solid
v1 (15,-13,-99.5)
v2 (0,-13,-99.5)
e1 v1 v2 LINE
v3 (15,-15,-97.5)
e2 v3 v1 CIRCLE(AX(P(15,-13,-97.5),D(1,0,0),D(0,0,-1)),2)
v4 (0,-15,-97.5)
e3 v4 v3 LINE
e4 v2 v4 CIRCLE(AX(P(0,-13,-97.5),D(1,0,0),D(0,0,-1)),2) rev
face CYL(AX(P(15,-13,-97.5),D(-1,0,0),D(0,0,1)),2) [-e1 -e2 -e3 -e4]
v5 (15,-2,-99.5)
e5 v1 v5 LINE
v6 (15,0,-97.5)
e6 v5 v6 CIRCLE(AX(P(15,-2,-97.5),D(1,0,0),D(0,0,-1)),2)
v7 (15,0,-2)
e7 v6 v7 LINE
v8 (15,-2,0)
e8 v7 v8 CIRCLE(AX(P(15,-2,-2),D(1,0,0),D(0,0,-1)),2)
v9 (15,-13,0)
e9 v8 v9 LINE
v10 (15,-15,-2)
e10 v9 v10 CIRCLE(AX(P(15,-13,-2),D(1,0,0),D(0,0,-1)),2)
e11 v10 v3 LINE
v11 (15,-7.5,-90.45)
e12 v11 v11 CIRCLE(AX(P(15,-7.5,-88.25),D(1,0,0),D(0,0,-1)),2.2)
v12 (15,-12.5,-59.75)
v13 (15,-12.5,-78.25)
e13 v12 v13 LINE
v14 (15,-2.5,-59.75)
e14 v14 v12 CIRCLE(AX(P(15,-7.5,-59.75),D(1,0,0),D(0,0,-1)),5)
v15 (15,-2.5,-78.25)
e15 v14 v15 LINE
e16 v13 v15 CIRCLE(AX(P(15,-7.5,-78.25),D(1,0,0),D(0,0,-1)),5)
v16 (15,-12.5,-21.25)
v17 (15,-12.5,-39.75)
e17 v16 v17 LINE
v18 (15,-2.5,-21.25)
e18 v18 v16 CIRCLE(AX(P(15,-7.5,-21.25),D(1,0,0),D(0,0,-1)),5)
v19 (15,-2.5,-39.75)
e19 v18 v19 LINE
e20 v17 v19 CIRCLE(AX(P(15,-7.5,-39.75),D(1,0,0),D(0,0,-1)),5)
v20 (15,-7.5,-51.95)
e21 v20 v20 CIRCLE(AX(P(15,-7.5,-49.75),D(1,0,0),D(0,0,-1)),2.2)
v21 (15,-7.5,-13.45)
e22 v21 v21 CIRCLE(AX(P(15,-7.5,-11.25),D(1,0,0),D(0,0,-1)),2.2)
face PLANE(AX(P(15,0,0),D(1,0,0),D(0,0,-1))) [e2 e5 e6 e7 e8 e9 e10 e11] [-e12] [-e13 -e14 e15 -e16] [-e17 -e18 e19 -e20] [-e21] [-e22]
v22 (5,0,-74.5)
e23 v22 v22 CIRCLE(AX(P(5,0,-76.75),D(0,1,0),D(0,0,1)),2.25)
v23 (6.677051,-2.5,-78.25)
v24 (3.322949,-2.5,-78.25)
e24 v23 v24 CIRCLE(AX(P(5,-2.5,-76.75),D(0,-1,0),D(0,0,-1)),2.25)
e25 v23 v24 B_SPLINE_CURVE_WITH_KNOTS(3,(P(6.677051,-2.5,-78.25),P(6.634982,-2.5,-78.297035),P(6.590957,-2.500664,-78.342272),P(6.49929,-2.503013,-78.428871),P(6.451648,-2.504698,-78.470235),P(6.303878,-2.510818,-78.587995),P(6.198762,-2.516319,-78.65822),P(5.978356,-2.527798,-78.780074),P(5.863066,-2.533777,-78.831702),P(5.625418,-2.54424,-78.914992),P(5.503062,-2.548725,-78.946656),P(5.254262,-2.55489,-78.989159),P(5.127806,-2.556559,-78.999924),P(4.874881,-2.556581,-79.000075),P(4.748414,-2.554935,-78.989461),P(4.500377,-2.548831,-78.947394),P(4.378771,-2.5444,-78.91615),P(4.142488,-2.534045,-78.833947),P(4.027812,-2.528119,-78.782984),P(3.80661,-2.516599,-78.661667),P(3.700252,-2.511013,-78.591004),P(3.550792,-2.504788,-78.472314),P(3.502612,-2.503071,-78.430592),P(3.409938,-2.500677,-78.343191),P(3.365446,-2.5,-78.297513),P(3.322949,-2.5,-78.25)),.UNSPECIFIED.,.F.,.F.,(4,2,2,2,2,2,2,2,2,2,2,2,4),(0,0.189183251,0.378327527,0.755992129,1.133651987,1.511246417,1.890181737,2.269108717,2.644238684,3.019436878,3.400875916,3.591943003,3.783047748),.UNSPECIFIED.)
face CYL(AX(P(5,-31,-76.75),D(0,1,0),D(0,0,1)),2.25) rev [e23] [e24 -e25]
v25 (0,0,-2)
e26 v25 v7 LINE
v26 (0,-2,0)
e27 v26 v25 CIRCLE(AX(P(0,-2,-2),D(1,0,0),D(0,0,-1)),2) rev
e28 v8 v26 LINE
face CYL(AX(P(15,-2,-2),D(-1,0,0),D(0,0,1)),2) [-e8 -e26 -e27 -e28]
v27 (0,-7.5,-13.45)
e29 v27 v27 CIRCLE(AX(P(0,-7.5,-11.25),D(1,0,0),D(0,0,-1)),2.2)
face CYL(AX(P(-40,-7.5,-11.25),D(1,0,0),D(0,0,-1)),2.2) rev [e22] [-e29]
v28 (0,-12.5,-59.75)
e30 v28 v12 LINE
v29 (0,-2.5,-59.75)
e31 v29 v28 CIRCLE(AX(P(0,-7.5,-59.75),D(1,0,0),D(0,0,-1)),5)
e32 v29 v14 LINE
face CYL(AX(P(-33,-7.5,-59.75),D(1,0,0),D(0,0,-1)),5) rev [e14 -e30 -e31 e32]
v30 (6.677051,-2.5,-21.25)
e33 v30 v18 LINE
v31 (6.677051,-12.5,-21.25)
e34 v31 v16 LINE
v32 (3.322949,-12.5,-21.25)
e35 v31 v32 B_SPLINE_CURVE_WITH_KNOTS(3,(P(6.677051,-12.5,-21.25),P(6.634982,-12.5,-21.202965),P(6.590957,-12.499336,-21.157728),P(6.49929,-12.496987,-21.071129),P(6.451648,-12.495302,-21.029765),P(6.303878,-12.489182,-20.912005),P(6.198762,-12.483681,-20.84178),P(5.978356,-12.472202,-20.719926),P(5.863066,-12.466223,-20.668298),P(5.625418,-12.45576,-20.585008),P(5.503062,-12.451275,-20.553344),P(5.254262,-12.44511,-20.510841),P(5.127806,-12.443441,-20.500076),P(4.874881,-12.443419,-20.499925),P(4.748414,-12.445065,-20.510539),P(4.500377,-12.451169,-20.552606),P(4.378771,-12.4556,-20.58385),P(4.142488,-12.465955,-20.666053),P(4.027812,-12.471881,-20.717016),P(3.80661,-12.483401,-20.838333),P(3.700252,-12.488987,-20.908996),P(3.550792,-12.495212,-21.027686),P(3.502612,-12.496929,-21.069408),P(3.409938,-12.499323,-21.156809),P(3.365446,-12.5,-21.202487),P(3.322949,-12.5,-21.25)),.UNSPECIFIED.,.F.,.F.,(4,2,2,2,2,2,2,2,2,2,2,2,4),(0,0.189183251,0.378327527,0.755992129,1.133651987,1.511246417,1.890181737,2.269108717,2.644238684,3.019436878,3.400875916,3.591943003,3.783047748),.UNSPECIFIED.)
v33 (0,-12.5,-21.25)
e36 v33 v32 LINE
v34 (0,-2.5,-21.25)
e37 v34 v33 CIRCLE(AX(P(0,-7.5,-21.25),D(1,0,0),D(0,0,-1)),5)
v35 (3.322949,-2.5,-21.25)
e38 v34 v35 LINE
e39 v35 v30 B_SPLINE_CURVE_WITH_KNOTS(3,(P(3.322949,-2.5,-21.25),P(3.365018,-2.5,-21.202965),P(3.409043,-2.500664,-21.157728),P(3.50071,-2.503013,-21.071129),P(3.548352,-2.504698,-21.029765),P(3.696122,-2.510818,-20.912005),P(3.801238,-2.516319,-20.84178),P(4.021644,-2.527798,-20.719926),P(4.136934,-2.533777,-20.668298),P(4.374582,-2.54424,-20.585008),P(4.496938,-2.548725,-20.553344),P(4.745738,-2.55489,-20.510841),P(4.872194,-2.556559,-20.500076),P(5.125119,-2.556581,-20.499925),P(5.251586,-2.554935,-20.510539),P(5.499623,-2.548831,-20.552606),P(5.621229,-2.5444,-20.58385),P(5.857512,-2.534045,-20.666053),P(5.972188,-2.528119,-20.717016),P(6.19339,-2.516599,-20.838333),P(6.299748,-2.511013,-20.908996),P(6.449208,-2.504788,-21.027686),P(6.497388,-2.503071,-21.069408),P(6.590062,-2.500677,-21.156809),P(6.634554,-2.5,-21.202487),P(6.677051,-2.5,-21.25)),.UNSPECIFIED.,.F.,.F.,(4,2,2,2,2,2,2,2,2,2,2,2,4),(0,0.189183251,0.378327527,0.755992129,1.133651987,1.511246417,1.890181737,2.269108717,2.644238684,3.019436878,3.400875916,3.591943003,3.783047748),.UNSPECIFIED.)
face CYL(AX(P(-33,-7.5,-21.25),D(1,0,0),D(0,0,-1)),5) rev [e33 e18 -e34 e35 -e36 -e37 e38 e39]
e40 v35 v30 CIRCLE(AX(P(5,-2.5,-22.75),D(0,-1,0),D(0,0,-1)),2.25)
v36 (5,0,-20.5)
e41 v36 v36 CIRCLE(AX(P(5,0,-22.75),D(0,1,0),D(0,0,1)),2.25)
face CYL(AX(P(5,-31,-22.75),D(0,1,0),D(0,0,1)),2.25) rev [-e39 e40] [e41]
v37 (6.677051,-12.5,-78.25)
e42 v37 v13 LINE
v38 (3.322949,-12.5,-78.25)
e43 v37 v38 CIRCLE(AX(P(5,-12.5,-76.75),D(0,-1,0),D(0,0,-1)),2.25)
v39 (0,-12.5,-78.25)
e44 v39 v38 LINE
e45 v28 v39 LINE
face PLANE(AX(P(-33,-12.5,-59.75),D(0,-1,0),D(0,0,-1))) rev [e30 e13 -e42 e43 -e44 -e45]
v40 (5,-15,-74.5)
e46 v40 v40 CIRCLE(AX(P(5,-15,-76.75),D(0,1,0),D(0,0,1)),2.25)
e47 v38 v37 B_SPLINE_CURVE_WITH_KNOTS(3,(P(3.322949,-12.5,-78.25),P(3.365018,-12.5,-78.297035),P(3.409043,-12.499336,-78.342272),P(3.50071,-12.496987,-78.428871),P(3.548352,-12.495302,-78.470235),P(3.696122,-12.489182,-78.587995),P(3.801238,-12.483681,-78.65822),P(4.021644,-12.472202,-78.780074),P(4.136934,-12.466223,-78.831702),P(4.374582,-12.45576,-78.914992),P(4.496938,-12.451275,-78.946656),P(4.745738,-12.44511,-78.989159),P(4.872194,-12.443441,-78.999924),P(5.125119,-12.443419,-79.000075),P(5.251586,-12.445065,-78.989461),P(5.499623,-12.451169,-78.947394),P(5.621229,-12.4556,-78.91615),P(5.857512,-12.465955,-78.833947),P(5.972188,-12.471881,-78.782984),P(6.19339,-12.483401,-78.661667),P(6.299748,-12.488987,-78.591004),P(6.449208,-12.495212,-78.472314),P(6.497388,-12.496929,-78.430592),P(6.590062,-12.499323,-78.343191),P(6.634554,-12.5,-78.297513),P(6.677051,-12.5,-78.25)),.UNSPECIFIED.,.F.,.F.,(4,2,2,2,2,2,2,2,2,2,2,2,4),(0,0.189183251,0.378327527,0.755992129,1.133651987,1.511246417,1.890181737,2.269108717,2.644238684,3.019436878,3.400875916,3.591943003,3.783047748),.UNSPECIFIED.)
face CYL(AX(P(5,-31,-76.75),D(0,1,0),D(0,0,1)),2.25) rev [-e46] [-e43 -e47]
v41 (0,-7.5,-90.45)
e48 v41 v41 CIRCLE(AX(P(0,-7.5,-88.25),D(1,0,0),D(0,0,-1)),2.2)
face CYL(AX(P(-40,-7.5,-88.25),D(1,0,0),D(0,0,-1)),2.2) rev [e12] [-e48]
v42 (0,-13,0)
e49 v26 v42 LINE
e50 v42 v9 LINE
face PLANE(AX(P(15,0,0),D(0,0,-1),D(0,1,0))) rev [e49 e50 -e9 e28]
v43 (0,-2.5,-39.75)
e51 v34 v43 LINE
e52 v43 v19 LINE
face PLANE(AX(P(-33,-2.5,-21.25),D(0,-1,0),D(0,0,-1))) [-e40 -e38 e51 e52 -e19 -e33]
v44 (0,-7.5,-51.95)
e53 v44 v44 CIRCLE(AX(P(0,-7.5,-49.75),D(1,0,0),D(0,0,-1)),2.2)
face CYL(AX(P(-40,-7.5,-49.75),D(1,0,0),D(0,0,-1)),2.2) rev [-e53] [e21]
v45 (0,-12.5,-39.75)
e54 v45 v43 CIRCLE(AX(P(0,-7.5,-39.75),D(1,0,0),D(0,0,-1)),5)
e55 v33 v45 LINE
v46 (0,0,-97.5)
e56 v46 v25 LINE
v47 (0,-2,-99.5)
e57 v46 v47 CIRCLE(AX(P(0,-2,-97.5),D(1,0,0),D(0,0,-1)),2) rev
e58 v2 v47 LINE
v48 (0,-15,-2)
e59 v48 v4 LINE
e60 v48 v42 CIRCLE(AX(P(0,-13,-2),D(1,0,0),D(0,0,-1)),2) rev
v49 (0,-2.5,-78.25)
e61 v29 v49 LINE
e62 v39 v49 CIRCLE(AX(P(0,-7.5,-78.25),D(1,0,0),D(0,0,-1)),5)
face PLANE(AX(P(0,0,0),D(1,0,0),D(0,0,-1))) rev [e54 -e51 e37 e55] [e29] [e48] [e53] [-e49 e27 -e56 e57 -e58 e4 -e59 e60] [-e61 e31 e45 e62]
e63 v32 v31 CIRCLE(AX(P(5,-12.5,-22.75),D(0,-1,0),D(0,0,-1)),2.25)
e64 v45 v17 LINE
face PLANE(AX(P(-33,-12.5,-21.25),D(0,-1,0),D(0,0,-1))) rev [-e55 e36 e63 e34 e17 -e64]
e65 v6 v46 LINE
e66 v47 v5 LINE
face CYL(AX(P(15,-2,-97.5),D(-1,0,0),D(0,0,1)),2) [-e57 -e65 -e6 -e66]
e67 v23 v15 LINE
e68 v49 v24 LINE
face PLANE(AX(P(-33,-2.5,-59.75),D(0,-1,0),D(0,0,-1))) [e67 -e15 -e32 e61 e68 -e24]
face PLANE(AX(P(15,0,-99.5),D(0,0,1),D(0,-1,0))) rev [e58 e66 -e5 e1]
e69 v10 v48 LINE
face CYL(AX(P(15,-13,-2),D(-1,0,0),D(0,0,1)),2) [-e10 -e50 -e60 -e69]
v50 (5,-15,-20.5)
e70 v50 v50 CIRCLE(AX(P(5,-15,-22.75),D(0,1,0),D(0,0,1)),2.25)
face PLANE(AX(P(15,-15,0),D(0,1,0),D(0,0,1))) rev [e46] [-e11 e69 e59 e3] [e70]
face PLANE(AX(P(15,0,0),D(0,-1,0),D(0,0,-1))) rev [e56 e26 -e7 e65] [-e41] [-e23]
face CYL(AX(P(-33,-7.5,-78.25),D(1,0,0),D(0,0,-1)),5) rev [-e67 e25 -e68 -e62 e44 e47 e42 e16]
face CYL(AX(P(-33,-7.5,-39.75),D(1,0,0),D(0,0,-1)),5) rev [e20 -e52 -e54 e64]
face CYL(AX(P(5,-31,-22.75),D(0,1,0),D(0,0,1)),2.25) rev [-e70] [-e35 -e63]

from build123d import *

# Parameters (mm, degrees)
SKETCH_1_W          = 99.5
SKETCH_1_H          = 15
EXTRUDE_1_DEPTH     = 15
SKETCH_2_R          = 2.2
CUT_EXTRUDE_1_DEPTH = 55
CUT_EXTRUDE_2_DEPTH = 48
FILLET_1_R          = 2
CUT_EXTRUDE_3_DEPTH = 31


with BuildPart() as part:
    # 草图1 → 凸台-拉伸1 (new body)
    with BuildSketch(Plane(origin=(0, 0, 0), x_dir=(0, 0, -1), z_dir=(1, 0, 0))):
        with Locations((49.75, -7.5)):
            Rectangle(SKETCH_1_W, SKETCH_1_H)
    extrude(amount=EXTRUDE_1_DEPTH)

    # 草图2 → 切除-拉伸1 (cut)
    with BuildSketch(Plane(origin=(15, 0, 0), x_dir=(0, 0, -1), z_dir=(1, 0, 0))):
        with Locations((49.75, -7.5)):
            Circle(SKETCH_2_R)
        with Locations((11.25, -7.5)):
            Circle(SKETCH_2_R)
        with Locations((88.25, -7.5)):
            Circle(SKETCH_2_R)
    extrude(amount=-CUT_EXTRUDE_1_DEPTH, mode=Mode.SUBTRACT)

    # 草图3 → 切除-拉伸2 (cut)
    with BuildSketch(Plane(origin=(15, 0, 0), x_dir=(0, 0, -1), z_dir=(1, 0, 0))):
        with BuildLine():
            Line((21.25, -2.5), (39.75, -2.5))
            ThreePointArc((39.75, -2.5), (44.75, -7.5), (39.75, -12.5))
            Line((39.75, -12.5), (21.25, -12.5))
            ThreePointArc((21.25, -12.5), (16.25, -7.5), (21.25, -2.5))
        make_face()
        with BuildLine():
            Line((59.75, -2.5), (78.25, -2.5))
            ThreePointArc((78.25, -2.5), (83.25, -7.5), (78.25, -12.5))
            Line((78.25, -12.5), (59.75, -12.5))
            ThreePointArc((59.75, -12.5), (54.75, -7.5), (59.75, -2.5))
        make_face()
    extrude(amount=-CUT_EXTRUDE_2_DEPTH, mode=Mode.SUBTRACT)

    # 圆角1
    fillet_1_edges = [part.edges().sort_by_distance(p)[0] for p in [
        (7.5, 0, 0),
        (7.5, 0, -99.5),
        (7.5, -15, -99.5),
        (7.5, -15, 0),
    ]]
    fillet(fillet_1_edges, radius=FILLET_1_R)

    # 草图4 → 切除-拉伸3 (cut)
    with BuildSketch(Plane(origin=(0, 0, 0), x_dir=(1, 0, 0), z_dir=(0, 1, 0))):
        with BuildLine():
            ThreePointArc((7.25, 22.75), (6.590990258, 24.340990258), (5, 25))
            Line((5, 25), (5, 20.5))
            ThreePointArc((5, 20.5), (6.590990258, 21.159009742), (7.25, 22.75))
        make_face()
        with BuildLine():
            Line((5, 20.5), (5, 25))
            ThreePointArc((5, 25), (2.75, 22.75), (5, 20.5))
        make_face()
        with BuildLine():
            ThreePointArc((7.25, 76.75), (6.590990258, 78.340990258), (5, 79))
            Line((5, 79), (5, 74.5))
            ThreePointArc((5, 74.5), (6.590990258, 75.159009742), (7.25, 76.75))
        make_face()
        with BuildLine():
            Line((5, 74.5), (5, 79))
            ThreePointArc((5, 79), (2.75, 76.75), (5, 74.5))
        make_face()
    extrude(amount=-CUT_EXTRUDE_3_DEPTH, mode=Mode.SUBTRACT)


solid = part.part
